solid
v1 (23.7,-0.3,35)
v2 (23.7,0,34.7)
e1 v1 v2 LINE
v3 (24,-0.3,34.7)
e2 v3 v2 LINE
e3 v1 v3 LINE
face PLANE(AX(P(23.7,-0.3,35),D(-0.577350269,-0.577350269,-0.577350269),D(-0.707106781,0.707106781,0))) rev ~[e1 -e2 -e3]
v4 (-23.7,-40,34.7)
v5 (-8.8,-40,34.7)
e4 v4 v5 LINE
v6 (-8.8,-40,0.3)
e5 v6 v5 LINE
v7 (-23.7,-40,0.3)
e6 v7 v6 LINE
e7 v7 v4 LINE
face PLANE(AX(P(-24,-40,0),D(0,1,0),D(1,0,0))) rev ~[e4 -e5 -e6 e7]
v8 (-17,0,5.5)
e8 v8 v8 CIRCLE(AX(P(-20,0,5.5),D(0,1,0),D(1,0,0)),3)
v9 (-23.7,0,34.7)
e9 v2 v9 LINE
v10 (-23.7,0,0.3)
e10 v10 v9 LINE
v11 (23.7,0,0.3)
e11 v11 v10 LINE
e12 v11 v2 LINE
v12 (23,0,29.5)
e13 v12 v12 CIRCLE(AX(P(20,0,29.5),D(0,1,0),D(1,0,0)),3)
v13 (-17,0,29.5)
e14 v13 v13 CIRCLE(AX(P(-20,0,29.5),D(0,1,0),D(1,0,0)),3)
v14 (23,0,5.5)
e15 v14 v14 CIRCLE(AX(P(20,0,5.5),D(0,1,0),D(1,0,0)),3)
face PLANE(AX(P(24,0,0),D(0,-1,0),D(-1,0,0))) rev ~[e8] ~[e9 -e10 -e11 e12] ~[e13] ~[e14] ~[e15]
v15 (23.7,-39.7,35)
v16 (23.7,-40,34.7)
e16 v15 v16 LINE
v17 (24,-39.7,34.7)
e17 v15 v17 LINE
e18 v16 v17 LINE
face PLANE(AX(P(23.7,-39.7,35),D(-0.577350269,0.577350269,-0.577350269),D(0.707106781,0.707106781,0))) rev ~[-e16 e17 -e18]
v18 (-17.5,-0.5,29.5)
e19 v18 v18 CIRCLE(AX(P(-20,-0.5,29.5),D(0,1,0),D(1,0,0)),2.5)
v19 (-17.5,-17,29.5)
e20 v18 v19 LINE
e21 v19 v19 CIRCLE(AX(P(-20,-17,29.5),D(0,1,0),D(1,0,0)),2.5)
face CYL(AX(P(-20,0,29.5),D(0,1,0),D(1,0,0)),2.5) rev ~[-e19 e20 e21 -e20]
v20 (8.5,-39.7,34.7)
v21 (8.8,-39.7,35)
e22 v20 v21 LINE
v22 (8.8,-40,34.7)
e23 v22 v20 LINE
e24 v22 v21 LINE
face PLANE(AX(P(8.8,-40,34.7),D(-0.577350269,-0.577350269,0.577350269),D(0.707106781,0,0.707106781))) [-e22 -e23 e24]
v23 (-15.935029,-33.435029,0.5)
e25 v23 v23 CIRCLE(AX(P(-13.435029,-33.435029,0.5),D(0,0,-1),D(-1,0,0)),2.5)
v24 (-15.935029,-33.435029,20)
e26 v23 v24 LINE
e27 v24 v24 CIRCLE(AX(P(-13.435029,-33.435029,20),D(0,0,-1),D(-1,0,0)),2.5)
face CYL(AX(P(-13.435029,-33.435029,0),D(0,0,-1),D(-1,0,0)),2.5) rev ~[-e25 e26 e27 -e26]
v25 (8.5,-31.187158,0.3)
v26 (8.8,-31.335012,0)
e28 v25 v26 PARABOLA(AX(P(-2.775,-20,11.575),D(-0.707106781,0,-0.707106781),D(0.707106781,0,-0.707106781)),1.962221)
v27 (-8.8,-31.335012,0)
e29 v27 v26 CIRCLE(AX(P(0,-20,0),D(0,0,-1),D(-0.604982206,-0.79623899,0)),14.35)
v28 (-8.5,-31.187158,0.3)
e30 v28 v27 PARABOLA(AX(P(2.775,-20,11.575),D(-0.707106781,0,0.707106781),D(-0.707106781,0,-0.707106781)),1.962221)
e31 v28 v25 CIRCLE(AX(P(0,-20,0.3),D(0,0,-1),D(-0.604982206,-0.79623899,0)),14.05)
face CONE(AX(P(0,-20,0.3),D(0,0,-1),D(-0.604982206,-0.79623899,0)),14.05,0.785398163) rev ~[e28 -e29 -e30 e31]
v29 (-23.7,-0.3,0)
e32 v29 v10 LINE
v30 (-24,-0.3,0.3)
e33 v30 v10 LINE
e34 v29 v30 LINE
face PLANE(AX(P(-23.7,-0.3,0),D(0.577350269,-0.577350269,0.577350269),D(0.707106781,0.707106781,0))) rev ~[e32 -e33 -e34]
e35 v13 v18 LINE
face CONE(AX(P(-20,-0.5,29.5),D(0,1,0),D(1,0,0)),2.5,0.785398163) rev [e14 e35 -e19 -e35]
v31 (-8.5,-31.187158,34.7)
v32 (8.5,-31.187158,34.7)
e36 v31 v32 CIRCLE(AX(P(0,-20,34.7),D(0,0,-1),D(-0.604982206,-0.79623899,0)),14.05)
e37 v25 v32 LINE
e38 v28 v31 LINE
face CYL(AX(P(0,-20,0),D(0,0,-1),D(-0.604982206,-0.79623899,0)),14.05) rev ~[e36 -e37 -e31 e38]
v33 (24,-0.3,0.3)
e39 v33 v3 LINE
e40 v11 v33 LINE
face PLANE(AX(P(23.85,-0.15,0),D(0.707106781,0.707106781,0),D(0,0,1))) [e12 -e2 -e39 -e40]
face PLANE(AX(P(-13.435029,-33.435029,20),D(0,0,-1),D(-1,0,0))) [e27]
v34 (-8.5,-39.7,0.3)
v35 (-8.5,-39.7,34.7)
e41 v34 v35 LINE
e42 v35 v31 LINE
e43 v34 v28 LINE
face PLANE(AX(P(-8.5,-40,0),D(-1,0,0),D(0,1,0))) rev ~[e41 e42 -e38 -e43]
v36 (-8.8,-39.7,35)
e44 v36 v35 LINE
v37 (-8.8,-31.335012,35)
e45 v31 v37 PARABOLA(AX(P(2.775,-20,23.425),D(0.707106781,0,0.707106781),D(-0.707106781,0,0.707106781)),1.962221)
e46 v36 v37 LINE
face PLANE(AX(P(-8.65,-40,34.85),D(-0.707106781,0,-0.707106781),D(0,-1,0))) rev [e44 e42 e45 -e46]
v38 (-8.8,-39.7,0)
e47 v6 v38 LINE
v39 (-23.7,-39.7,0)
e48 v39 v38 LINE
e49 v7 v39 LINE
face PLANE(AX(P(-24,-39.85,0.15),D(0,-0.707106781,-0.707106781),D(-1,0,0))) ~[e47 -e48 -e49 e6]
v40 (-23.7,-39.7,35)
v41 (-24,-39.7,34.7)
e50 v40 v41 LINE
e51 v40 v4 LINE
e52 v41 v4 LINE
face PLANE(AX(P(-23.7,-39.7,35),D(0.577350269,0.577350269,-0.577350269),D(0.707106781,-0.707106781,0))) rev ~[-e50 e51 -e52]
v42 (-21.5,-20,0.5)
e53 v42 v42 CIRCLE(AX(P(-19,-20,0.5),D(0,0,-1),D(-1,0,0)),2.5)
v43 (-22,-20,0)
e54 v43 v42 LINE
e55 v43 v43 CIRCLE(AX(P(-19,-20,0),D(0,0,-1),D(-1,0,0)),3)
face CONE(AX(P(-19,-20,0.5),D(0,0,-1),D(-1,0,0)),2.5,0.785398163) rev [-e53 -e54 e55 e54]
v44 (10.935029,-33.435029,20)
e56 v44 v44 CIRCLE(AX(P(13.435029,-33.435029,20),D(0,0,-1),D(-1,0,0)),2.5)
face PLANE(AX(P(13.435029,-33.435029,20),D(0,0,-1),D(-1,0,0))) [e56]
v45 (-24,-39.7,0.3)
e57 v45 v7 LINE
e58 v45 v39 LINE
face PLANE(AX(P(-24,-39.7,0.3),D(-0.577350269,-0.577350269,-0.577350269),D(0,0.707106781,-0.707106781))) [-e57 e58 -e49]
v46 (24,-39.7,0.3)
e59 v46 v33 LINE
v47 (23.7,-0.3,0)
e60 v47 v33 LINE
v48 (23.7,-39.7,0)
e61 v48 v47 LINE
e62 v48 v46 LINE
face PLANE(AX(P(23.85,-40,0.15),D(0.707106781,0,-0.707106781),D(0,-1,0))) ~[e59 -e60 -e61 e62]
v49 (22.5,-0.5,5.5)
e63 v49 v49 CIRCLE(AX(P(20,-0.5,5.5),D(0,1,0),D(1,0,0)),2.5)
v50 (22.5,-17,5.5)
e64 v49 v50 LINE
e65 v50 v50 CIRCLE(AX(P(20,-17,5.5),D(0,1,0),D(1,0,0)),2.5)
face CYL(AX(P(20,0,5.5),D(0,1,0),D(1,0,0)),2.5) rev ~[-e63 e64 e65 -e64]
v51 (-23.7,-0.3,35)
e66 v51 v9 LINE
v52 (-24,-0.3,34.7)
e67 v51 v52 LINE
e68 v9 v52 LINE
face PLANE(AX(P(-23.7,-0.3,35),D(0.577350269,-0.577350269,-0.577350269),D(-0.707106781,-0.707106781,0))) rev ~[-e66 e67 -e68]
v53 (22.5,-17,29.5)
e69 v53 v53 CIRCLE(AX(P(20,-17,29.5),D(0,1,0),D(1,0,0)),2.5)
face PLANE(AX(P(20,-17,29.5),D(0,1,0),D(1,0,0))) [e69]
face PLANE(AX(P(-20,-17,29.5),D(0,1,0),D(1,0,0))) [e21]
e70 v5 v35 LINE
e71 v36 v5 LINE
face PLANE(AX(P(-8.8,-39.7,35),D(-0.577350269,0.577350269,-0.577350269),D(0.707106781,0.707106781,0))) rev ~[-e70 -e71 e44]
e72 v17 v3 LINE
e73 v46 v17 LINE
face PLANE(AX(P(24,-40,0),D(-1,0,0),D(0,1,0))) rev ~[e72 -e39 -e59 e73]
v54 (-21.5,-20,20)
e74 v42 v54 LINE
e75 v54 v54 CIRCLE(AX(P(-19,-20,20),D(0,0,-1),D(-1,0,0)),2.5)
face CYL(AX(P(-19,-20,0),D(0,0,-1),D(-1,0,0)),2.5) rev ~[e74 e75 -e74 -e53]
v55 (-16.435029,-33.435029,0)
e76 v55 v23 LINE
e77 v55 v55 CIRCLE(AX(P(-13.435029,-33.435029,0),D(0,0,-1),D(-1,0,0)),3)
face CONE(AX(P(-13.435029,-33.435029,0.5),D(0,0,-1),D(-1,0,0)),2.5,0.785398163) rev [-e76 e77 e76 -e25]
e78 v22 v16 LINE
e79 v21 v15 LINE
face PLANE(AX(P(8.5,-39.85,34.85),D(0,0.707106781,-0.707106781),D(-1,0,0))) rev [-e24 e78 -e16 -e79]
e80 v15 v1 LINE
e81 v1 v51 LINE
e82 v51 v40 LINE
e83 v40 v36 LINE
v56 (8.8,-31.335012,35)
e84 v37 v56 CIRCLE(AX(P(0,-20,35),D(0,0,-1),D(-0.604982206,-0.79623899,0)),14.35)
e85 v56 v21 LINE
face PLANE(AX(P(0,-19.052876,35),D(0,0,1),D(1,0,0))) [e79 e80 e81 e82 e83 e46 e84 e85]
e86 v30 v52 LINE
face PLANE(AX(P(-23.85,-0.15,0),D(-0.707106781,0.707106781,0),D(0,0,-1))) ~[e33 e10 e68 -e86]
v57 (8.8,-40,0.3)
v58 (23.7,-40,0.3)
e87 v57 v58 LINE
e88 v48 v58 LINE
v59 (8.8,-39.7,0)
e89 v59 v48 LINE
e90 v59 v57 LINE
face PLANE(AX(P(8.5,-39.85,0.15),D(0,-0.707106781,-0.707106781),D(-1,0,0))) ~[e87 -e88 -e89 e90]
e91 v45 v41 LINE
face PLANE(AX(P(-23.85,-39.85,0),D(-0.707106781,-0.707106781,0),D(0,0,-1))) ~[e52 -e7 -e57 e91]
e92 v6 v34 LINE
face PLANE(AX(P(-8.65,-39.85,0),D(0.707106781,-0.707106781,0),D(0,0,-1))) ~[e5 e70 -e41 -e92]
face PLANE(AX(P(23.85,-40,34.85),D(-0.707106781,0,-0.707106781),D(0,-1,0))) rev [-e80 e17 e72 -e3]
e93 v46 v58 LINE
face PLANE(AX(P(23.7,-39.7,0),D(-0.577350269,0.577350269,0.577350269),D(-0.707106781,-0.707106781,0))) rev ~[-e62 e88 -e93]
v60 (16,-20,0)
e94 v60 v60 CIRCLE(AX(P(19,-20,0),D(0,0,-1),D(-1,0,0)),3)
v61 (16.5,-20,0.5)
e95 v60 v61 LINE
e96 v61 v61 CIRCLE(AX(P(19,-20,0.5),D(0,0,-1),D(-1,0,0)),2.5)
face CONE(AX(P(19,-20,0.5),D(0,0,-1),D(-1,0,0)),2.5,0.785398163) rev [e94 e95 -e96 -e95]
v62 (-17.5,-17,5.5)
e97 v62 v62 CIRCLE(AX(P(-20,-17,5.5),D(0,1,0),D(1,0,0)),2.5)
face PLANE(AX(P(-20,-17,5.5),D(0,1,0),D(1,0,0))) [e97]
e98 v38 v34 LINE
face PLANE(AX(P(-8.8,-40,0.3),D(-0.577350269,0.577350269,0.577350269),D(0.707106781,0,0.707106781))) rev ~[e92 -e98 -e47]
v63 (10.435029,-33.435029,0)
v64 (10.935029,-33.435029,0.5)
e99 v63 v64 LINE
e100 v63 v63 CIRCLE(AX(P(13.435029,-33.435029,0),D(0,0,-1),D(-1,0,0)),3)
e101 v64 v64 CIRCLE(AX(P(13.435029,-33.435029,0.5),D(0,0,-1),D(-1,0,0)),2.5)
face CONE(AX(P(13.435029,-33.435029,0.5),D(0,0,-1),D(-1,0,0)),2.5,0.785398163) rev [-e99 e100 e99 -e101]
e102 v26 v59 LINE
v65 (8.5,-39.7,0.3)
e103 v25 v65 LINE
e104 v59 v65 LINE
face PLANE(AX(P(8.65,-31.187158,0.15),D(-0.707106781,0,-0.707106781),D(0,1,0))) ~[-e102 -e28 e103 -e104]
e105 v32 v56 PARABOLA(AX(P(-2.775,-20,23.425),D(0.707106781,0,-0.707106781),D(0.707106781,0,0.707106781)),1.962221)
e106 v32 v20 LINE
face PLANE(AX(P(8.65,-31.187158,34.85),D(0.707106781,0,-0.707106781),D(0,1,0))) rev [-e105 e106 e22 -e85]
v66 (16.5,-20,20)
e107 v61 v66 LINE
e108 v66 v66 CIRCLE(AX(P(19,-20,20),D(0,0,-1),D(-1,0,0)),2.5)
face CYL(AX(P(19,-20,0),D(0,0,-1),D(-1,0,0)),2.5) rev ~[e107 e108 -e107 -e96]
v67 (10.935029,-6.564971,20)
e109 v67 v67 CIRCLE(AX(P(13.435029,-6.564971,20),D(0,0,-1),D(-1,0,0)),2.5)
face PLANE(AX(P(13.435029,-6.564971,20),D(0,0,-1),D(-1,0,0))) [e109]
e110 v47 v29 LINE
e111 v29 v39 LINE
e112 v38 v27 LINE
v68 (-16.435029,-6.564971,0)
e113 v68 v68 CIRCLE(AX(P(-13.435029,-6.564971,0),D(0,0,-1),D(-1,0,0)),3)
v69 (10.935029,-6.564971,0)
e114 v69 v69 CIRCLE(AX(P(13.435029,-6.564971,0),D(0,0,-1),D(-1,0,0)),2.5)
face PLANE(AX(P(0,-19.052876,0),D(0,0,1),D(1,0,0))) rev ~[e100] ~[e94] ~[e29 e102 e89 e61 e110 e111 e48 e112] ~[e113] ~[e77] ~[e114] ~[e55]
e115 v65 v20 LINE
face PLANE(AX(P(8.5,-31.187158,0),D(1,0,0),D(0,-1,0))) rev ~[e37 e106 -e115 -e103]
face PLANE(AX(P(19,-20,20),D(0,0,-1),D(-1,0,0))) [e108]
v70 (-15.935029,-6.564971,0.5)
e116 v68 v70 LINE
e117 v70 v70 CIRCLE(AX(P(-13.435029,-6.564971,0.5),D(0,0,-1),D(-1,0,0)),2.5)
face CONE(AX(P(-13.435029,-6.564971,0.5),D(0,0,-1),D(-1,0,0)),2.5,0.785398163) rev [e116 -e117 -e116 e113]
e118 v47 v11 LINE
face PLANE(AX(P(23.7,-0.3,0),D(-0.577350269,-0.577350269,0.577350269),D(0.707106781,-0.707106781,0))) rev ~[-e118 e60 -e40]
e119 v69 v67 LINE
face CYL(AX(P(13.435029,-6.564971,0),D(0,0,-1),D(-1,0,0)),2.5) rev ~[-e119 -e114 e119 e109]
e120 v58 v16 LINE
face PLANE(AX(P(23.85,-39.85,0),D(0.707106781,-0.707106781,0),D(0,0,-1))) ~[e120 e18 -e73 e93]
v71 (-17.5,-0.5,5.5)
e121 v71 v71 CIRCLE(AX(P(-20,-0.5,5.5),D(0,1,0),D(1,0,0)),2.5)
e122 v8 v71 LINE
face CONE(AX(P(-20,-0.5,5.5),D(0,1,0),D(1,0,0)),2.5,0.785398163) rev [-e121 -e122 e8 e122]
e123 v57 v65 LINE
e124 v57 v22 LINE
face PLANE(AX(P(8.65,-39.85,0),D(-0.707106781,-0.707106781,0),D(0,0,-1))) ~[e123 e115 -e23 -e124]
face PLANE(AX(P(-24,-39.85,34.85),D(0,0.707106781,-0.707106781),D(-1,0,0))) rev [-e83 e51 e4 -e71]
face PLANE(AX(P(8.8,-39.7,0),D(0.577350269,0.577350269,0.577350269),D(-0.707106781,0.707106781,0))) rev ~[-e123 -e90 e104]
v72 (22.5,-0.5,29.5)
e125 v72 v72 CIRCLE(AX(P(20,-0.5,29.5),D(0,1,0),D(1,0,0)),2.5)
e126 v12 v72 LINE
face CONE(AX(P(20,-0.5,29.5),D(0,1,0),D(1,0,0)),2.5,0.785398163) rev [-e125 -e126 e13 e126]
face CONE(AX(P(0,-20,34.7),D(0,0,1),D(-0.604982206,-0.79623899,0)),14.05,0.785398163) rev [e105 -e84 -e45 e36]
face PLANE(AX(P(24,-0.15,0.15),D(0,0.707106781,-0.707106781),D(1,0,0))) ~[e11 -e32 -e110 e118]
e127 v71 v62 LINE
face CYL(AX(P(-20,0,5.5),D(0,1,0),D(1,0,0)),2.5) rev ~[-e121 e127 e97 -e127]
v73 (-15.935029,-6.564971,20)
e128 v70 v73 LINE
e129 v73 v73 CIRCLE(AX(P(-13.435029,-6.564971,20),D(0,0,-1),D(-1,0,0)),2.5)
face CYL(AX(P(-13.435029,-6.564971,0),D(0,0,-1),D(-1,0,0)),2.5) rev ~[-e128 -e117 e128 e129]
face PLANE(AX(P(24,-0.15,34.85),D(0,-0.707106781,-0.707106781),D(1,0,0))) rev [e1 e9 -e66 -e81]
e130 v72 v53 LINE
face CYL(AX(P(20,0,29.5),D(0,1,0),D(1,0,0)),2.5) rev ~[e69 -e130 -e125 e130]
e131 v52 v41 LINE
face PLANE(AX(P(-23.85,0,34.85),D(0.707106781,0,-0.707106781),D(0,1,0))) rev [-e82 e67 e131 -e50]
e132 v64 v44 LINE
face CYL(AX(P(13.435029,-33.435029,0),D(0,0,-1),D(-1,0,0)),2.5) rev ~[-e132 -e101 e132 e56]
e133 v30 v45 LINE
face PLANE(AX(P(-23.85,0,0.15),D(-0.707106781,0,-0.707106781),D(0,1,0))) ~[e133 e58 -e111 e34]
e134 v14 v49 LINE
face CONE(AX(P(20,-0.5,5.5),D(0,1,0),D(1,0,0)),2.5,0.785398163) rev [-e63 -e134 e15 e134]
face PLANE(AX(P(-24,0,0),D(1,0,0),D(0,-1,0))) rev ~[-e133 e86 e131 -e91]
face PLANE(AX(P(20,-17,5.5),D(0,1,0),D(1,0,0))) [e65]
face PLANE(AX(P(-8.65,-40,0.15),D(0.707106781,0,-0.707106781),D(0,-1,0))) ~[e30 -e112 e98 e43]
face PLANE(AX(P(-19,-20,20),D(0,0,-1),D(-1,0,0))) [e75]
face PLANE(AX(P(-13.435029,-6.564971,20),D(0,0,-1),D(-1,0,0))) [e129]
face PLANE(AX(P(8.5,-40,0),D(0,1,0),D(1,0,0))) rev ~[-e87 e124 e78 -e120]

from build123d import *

# Parameters (mm, degrees)
BOSS_EXTRUDE1_DEPTH = 35
CHAMFER2_SIZE       = 0.3
SKETCH2_R           = 2.5
CUT_EXTRUDE1_DEPTH  = 17
SKETCH3_R           = 2.5
CUT_EXTRUDE2_DEPTH  = 20
CHAMFER3_SIZE       = 0.5


with BuildPart() as part:
    # Sketch1 → Boss-Extrude1 (new body)
    with BuildSketch(Plane.XY):
        with BuildLine():
            Line((24, 0), (-24, 0))
            Line((-24, 0), (-24, -40))
            Line((-24, -40), (-8.5, -40))
            Line((-8.5, -40), (-8.5, -31.187157816))
            ThreePointArc((-8.5, -31.187157816), (0, -5.95), (8.5, -31.187157816))
            Line((8.5, -31.187157816), (8.5, -40))
            Line((8.5, -40), (24, -40))
            Line((24, -40), (24, 0))
        make_face()
    extrude(amount=BOSS_EXTRUDE1_DEPTH)

    # Chamfer2
    chamfer2_edges = [part.edges().sort_by_distance(p)[0] for p in [
        (0, -5.95, 35),
        (-8.5, -35.593578908, 0),
        (-16.25, -40, 0),
        (8.5, -35.593578908, 35),
        (-24, -40, 17.5),
        (-24, 0, 17.5),
        (24, 0, 17.5),
        (24, -40, 17.5),
        (8.5, -40, 17.5),
        (-8.5, -40, 17.5),
        (16.25, -40, 35),
        (24, -20, 35),
        (0, 0, 35),
        (-24, -20, 35),
        (-16.25, -40, 35),
        (-8.5, -35.593578908, 35),
        (-24, -20, 0),
        (0, 0, 0),
        (24, -20, 0),
        (16.25, -40, 0),
        (8.5, -35.593578908, 0),
        (0, -5.95, 0),
    ]]
    chamfer(chamfer2_edges, length=CHAMFER2_SIZE)

    # Sketch2 → Cut-Extrude1 (cut)
    with BuildSketch(Plane(origin=(0, 0, 0), x_dir=(1, 0, 0), z_dir=(0, 1, 0))):
        with Locations((-20, -5.5)):
            Circle(SKETCH2_R)
        with Locations((20, -5.5)):
            Circle(SKETCH2_R)
        with Locations((20, -29.5)):
            Circle(SKETCH2_R)
        with Locations((-20, -29.5)):
            Circle(SKETCH2_R)
    extrude(amount=-CUT_EXTRUDE1_DEPTH, mode=Mode.SUBTRACT)

    # Sketch3 → Cut-Extrude2 (cut)
    with BuildSketch(Plane(origin=(0, 0, 0), x_dir=(-1, 0, 0), z_dir=(0, 0, -1))):
        with Locations((-13.435028843, -33.435028843)):
            Circle(SKETCH3_R)
        with Locations((13.435028843, -33.435028843)):
            Circle(SKETCH3_R)
        with Locations((13.435028843, -6.564971157)):
            Circle(SKETCH3_R)
        with Locations((-13.435028843, -6.564971157)):
            Circle(SKETCH3_R)
        with Locations((-19, -20)):
            Circle(SKETCH3_R)
        with Locations((19, -20)):
            Circle(SKETCH3_R)
    extrude(amount=-CUT_EXTRUDE2_DEPTH, mode=Mode.SUBTRACT)

    # Chamfer3
    chamfer3_edges = [part.edges().sort_by_distance(p)[0] for p in [
        (17.5, 0, 29.5),
        (-22.5, 0, 29.5),
        (15.935028843, -33.435028843, 0),
        (-10.935028843, -33.435028843, 0),
        (-10.935028843, -6.564971157, 0),
        (-16.5, -20, 0),
        (21.5, -20, 0),
        (-22.5, 0, 5.5),
        (17.5, 0, 5.5),
    ]]
    chamfer(chamfer3_edges, length=CHAMFER3_SIZE)


solid = part.part
